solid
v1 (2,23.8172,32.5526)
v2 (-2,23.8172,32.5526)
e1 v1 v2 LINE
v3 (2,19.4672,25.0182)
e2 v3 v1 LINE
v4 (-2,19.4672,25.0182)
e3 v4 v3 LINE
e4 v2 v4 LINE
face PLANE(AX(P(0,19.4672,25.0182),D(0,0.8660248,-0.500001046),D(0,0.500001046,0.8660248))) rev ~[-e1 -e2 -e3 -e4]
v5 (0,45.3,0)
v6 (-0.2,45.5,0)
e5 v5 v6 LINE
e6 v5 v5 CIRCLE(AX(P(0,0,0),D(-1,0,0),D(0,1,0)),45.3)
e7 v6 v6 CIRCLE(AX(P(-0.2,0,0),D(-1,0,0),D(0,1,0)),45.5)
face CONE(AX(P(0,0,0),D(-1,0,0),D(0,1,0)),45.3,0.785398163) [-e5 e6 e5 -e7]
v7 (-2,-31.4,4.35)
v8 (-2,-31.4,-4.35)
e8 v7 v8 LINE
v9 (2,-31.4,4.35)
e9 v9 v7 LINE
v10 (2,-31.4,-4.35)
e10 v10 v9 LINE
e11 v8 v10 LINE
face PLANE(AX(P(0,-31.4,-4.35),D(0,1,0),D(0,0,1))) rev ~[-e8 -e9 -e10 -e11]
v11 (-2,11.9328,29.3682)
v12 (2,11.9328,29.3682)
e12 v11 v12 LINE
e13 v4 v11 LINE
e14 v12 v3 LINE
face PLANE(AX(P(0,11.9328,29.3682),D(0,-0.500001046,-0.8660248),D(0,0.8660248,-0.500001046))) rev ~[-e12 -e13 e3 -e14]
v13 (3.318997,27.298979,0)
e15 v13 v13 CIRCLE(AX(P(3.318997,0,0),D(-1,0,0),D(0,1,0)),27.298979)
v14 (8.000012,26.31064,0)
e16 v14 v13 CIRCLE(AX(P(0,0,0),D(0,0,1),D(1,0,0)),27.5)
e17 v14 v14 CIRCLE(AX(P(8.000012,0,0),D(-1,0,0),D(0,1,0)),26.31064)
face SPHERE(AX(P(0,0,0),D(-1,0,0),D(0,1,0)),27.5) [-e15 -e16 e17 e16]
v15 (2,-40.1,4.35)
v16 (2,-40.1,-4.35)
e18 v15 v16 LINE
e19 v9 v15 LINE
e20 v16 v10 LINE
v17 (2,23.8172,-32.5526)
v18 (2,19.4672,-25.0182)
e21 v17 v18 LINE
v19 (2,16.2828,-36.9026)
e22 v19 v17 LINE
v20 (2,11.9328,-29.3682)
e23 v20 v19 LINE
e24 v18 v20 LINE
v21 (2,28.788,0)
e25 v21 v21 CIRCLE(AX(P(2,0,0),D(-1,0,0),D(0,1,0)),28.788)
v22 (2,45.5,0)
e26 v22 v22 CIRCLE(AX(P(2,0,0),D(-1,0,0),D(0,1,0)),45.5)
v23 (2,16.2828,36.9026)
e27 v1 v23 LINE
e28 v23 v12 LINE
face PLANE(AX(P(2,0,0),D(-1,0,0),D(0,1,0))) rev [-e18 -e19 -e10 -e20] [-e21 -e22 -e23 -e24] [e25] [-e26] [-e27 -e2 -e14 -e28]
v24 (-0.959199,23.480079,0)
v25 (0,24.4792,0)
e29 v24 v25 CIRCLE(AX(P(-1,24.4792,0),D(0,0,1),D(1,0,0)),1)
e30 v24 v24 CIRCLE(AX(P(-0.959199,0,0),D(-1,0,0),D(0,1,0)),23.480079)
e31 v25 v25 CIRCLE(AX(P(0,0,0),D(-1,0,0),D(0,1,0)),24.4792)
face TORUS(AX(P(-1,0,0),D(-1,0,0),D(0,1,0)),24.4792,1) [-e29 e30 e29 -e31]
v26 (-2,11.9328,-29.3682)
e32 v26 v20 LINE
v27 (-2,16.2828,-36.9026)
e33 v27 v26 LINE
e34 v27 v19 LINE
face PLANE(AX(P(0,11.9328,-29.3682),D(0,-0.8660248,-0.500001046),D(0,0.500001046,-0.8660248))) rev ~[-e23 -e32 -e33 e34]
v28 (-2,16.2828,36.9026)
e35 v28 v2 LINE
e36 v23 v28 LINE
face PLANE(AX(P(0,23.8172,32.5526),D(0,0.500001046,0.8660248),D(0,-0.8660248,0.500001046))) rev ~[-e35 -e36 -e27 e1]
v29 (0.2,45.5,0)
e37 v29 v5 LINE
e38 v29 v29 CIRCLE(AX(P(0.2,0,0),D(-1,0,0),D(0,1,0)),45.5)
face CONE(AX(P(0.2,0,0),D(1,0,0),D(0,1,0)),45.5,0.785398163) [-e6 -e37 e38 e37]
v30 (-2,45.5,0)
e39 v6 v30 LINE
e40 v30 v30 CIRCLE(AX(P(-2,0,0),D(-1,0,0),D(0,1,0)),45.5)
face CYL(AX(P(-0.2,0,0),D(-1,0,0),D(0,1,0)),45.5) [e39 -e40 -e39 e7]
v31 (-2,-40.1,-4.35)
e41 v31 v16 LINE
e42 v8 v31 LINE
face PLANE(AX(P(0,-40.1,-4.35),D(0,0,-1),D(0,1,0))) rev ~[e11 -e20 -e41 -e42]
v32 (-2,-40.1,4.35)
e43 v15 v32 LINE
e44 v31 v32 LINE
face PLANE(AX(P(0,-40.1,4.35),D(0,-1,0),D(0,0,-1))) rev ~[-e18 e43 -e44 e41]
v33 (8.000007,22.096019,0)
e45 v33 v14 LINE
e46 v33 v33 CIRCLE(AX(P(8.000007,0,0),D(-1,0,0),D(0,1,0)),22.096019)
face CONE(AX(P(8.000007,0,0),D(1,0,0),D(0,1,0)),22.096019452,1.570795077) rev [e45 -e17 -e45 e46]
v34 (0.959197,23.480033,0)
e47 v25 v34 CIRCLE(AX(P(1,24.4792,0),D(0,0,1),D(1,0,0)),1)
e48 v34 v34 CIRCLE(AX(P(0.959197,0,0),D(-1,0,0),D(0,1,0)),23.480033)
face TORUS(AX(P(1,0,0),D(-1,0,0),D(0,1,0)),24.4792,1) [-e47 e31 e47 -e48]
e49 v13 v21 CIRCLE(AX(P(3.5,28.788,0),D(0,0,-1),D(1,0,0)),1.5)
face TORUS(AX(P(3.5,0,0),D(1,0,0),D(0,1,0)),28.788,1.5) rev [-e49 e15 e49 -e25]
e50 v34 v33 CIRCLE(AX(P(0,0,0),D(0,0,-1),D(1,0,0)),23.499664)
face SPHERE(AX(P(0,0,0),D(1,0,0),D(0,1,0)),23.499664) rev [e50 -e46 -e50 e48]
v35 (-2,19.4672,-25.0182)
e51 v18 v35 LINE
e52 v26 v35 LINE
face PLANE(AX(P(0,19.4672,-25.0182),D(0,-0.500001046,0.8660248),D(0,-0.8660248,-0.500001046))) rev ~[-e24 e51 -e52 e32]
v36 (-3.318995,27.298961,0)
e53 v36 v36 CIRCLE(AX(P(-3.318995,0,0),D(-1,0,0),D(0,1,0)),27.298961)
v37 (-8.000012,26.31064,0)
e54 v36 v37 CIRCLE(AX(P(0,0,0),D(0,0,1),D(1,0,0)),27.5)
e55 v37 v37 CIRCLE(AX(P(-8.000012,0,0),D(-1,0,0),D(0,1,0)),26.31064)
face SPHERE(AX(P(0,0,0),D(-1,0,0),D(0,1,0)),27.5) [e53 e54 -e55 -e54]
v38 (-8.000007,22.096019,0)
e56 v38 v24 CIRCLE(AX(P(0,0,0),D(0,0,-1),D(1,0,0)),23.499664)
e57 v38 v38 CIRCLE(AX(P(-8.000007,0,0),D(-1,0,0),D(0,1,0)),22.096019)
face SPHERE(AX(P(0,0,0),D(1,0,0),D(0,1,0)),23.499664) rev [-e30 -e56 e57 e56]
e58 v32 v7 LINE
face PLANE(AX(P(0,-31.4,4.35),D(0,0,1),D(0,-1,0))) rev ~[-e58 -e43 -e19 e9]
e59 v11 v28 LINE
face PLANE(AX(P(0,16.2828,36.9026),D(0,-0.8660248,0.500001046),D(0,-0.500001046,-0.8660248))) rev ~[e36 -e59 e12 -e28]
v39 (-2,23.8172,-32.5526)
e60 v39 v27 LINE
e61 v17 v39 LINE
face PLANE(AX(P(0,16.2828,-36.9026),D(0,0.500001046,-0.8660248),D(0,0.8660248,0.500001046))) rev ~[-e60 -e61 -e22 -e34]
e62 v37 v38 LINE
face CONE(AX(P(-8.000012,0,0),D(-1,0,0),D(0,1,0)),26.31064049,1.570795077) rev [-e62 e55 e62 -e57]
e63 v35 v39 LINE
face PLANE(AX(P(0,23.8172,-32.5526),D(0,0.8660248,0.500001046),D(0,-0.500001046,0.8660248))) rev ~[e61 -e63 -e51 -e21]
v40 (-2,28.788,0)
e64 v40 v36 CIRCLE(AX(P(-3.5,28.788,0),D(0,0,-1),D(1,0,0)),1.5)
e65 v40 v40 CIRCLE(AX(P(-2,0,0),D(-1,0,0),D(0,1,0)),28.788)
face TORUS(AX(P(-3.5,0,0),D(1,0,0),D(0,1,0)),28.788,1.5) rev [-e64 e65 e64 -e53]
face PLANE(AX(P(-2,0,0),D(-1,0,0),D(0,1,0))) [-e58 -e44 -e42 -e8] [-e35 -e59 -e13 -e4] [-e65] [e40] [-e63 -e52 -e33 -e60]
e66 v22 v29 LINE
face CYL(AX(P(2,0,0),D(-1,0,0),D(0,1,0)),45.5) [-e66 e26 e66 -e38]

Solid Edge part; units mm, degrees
sketch "Sketch1" plane through (0, 0, 0) normal (0, 0, 1) x (1, 0, 0)
  line L0 (-8, 26.3106) -> (-8, 22.096)
  arc A0 (-8, 22.096) -> (-0.9592, 23.4801) centre (0, 0) cw
  arc A1 (-0.9592, 23.4801) -> (0, 24.4792) centre (-1, 24.4792) ccw
  arc A2 (0, 24.4792) -> (0.9592, 23.4801) centre (1, 24.4792) ccw
  arc A3 (0.9592, 23.4801) -> (8, 22.096) centre (0, 0) cw
  line L1 (8, 22.096) -> (8, 26.3106)
  arc A4 (8, 26.3106) -> (3.319, 27.299) centre (0, 0) ccw
  arc A5 (3.319, 27.299) -> (2, 28.788) centre (3.5, 28.788) cw
  line L2 (2, 28.788) -> (2, 45.5)
  line L3 (2, 45.5) -> (0.2, 45.5)
  line L4 (0.2, 45.5) -> (0, 45.3)
  line L5 (0, 45.3) -> (-0.2, 45.5)
  line L6 (-0.2, 45.5) -> (-2, 45.5)
  line L7 (-2, 45.5) -> (-2, 28.788)
  arc A6 (-2, 28.788) -> (-3.319, 27.299) centre (-3.5, 28.788) cw
  arc A7 (-3.319, 27.299) -> (-8, 26.3106) centre (0, 0) ccw
revolve "RevolvedProtrusion1" add sketch "Sketch1" angle 360 about axis through (50, 0, 0) along (-1, 0, 0)
sketch "Sketch2" plane through (0, 0, 0) normal (1, 0, 0) x (0, 1, 0)
  line L0 (19.4672, -25.0182) -> (11.9328, -29.3682)
  line L1 (11.9328, -29.3682) -> (16.2828, -36.9026)
  line L2 (16.2828, -36.9026) -> (23.8172, -32.5526)
  line L3 (23.8172, -32.5526) -> (19.4672, -25.0182)
extrude "ExtrudedCutout_1" cut sketch "Sketch2" against normal blind 4 and the other way blind 4
sketch "Sketch3" plane through (0, 0, 0) normal (1, 0, 0) x (0, 1, 0)
  line L0 (-40.1, 4.35) -> (-40.1, -4.35)
  line L1 (-40.1, -4.35) -> (-31.4, -4.35)
  line L2 (-31.4, -4.35) -> (-31.4, 4.35)
  line L3 (-31.4, 4.35) -> (-40.1, 4.35)
extrude "ExtrudedCutout_2" cut sketch "Sketch3" against normal blind 4 and the other way blind 4
sketch "Sketch4" plane through (0, 0, 0) normal (1, 0, 0) x (0, 1, 0)
  line L0 (16.2828, 36.9026) -> (11.9328, 29.3682)
  line L1 (11.9328, 29.3682) -> (19.4672, 25.0182)
  line L2 (19.4672, 25.0182) -> (23.8172, 32.5526)
  line L3 (23.8172, 32.5526) -> (16.2828, 36.9026)
extrude "ExtrudedCutout_3" cut sketch "Sketch4" against normal blind 4 and the other way blind 4
properties material "Stainless steel"
